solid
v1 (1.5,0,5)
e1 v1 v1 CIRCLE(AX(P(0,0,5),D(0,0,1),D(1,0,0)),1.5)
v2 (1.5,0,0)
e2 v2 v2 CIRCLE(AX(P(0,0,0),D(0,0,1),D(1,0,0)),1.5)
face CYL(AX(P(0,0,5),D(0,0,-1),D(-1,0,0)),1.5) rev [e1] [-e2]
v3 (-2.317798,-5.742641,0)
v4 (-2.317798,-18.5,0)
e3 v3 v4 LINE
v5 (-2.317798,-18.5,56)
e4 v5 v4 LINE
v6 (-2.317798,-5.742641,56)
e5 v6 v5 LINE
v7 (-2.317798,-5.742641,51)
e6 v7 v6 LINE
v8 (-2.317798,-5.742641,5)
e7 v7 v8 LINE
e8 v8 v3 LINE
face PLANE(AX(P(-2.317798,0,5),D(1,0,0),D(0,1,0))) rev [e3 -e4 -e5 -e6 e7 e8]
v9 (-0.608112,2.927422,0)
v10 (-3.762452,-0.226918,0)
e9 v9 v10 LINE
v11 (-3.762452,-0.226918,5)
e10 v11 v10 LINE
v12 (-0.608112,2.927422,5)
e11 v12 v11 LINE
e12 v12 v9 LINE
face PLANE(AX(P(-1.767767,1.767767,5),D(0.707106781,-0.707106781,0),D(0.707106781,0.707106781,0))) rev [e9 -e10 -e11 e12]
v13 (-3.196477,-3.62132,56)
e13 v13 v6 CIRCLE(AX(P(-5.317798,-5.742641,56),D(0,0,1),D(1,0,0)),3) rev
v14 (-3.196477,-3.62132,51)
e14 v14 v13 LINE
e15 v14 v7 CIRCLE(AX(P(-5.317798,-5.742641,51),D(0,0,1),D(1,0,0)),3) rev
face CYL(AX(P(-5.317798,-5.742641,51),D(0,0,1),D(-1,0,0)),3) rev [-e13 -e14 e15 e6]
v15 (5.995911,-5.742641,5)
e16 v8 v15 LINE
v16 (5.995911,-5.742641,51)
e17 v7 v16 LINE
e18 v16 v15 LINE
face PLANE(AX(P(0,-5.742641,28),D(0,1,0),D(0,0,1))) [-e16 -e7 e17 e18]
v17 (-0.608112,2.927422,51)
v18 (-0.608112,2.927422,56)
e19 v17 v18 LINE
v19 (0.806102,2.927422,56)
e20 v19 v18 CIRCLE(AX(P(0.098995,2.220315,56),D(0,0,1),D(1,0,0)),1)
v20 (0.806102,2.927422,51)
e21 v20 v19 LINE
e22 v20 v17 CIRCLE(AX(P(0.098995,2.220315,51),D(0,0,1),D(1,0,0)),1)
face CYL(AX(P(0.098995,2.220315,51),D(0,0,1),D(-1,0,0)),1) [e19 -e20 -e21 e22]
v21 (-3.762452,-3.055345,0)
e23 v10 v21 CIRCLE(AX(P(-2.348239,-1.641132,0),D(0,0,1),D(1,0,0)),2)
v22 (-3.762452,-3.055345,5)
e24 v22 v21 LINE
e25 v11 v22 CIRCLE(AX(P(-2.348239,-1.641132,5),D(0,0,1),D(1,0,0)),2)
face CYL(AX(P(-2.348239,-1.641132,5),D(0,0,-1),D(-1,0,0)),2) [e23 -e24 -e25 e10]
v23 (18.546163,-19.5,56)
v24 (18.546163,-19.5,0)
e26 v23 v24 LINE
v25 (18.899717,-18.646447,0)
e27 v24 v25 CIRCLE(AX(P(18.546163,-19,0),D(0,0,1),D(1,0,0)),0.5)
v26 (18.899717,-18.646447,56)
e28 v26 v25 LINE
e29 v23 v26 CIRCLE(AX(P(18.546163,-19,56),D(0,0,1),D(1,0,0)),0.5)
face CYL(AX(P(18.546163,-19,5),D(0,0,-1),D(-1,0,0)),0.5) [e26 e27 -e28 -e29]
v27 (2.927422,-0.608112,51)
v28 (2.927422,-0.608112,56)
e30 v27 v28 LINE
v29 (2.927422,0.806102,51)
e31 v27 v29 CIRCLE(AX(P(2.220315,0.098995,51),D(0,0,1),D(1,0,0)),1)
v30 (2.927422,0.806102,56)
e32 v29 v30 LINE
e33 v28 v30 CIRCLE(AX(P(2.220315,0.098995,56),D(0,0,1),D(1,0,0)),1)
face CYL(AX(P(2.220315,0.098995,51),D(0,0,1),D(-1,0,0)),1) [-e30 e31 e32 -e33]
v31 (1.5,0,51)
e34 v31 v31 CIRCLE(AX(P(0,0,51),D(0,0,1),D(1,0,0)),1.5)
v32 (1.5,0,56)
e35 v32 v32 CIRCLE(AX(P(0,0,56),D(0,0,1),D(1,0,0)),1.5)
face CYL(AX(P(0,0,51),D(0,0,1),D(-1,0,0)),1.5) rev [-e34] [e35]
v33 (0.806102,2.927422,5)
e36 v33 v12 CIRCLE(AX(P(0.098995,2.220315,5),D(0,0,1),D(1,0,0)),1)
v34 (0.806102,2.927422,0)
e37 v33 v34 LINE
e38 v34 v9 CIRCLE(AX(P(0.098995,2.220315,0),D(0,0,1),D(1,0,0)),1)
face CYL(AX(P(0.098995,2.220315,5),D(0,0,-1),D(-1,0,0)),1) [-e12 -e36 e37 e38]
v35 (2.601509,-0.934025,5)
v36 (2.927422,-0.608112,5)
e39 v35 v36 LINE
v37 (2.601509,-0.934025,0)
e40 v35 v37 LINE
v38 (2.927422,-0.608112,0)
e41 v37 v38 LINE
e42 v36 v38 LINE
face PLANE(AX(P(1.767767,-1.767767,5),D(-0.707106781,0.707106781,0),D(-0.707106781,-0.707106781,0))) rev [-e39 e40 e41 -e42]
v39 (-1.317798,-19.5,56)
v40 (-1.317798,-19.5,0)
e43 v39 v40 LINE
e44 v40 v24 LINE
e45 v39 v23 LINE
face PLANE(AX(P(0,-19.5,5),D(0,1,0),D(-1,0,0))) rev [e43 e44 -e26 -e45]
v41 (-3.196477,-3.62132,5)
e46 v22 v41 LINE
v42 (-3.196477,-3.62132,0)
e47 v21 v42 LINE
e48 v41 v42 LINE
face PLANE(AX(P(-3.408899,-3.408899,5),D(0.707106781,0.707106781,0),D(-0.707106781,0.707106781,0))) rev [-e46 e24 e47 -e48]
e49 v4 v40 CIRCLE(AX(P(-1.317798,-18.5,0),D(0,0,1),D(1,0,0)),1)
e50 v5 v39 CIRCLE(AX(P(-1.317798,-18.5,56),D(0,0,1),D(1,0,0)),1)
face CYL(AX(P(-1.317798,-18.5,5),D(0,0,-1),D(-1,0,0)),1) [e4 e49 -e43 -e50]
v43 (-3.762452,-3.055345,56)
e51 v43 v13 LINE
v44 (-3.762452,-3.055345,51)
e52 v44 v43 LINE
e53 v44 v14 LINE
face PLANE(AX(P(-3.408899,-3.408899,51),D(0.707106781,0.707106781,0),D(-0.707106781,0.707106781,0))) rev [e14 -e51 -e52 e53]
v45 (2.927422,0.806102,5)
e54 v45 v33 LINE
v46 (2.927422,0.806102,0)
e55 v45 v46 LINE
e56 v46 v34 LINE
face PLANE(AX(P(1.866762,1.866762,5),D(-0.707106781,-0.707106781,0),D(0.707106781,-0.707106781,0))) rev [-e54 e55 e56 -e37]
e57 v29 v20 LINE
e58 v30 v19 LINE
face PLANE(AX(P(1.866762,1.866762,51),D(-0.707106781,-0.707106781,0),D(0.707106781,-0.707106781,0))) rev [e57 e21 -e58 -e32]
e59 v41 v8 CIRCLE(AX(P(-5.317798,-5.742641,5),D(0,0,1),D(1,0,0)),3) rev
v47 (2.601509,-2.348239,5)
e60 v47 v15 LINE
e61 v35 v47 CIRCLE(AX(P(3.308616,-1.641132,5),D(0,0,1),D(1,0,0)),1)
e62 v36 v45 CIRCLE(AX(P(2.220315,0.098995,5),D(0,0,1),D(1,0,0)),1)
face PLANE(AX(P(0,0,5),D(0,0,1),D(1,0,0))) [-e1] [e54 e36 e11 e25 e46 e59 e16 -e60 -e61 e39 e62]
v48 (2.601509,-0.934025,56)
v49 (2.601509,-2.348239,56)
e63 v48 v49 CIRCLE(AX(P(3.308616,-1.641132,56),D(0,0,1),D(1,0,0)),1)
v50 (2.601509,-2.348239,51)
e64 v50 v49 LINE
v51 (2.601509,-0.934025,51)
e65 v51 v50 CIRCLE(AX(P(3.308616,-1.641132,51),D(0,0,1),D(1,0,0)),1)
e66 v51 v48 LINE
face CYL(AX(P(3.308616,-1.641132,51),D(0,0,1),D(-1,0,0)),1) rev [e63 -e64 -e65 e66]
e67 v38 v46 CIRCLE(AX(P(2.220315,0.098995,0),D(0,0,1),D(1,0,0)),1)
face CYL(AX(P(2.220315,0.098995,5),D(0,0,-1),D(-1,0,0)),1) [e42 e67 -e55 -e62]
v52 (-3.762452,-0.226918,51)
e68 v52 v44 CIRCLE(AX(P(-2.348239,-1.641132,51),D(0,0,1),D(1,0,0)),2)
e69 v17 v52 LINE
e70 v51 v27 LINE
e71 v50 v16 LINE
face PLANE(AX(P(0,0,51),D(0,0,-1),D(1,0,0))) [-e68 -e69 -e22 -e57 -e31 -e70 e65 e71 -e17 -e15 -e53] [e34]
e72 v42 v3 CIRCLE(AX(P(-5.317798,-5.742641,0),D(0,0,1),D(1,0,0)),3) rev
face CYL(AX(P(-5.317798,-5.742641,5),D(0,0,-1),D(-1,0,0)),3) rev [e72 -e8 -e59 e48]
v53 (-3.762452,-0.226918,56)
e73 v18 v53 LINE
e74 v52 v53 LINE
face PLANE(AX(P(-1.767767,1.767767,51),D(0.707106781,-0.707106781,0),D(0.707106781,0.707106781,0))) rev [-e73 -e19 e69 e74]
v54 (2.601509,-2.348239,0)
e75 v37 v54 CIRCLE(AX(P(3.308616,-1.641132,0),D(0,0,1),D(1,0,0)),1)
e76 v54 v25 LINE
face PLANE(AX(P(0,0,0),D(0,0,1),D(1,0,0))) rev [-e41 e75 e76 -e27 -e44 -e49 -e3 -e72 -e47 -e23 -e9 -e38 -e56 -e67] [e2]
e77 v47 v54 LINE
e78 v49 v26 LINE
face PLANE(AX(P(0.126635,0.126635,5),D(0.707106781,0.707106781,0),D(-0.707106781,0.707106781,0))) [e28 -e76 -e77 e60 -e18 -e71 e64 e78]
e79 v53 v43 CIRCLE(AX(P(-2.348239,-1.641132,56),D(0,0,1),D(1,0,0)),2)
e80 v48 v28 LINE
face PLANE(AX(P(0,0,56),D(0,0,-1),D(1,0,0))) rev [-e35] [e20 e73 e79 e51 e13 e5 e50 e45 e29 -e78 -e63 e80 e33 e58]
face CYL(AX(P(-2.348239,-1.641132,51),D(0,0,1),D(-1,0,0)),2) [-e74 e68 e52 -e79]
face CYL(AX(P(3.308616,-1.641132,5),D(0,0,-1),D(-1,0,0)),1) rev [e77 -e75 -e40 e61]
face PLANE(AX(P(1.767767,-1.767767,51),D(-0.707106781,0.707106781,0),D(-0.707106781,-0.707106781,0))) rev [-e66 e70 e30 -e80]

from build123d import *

# Parameters (mm, degrees)
SKETCH1_R           = 1.5
BOSS_EXTRUDE1_DEPTH = 5
BOSS_EXTRUDE2_DEPTH = 23


with BuildPart() as part:
    # Sketch1 → Boss-Extrude1 (new body)
    with BuildSketch(Plane.XY):
        with BuildLine():
            Line((-3.762452186, -3.055345405), (-3.196477247, -3.621320344))
            ThreePointArc((-3.196477247, -3.621320344), (-2.546158993, -4.59459039), (-2.31779759, -5.742640687))
            Line((-2.31779759, -5.742640687), (-2.31779759, -18.5))
            ThreePointArc((-2.31779759, -18.5), (-2.024904371, -19.207106781), (-1.31779759, -19.5))
            Line((-1.31779759, -19.5), (18.54616344, -19.5))
            ThreePointArc((18.54616344, -19.5), (19.008103207, -19.191341716), (18.899716831, -18.646446609))
            Line((18.899716831, -18.646446609), (2.601508845, -2.348238623))
            ThreePointArc((2.601508845, -2.348238623), (2.308615626, -1.641131842), (2.601508845, -0.934025061))
            Line((2.601508845, -0.934025061), (2.927422074, -0.608111832))
            ThreePointArc((2.927422074, -0.608111832), (3.220315293, 0.098994949), (2.927422074, 0.806101731))
            Line((2.927422074, 0.806101731), (0.806101731, 2.927422074))
            ThreePointArc((0.806101731, 2.927422074), (0.098994949, 3.220315293), (-0.608111832, 2.927422074))
            Line((-0.608111832, 2.927422074), (-1.641131842, 1.894402064))
            Line((-1.641131842, 1.894402064), (-3.762452186, -0.22691828))
            ThreePointArc((-3.762452186, -0.22691828), (-4.348238623, -1.641131842), (-3.762452186, -3.055345405))
        make_face()
        Circle(SKETCH1_R, mode=Mode.SUBTRACT)
    boss_extrude1 = extrude(amount=BOSS_EXTRUDE1_DEPTH)

    # Sketch2 → Boss-Extrude2 (add)
    with BuildSketch(Plane.XY.offset(5)):
        with BuildLine():
            Line((18.899716831, -18.646446609), (5.995910909, -5.742640687))
            Line((5.995910909, -5.742640687), (-2.31779759, -5.742640687))
            Line((-2.31779759, -5.742640687), (-2.31779759, -18.5))
            ThreePointArc((-2.31779759, -18.5), (-2.024904371, -19.207106781), (-1.31779759, -19.5))
            Line((-1.31779759, -19.5), (18.54616344, -19.5))
            ThreePointArc((18.54616344, -19.5), (19.008103207, -19.191341716), (18.899716831, -18.646446609))
        make_face()
    boss_extrude2 = extrude(amount=BOSS_EXTRUDE2_DEPTH)

    # Mirror1: Boss-Extrude1, Boss-Extrude2 across plane
    add(boss_extrude1.mirror(Plane.XY.offset(28)))
    add(boss_extrude2.mirror(Plane.XY.offset(28)))


solid = part.part
